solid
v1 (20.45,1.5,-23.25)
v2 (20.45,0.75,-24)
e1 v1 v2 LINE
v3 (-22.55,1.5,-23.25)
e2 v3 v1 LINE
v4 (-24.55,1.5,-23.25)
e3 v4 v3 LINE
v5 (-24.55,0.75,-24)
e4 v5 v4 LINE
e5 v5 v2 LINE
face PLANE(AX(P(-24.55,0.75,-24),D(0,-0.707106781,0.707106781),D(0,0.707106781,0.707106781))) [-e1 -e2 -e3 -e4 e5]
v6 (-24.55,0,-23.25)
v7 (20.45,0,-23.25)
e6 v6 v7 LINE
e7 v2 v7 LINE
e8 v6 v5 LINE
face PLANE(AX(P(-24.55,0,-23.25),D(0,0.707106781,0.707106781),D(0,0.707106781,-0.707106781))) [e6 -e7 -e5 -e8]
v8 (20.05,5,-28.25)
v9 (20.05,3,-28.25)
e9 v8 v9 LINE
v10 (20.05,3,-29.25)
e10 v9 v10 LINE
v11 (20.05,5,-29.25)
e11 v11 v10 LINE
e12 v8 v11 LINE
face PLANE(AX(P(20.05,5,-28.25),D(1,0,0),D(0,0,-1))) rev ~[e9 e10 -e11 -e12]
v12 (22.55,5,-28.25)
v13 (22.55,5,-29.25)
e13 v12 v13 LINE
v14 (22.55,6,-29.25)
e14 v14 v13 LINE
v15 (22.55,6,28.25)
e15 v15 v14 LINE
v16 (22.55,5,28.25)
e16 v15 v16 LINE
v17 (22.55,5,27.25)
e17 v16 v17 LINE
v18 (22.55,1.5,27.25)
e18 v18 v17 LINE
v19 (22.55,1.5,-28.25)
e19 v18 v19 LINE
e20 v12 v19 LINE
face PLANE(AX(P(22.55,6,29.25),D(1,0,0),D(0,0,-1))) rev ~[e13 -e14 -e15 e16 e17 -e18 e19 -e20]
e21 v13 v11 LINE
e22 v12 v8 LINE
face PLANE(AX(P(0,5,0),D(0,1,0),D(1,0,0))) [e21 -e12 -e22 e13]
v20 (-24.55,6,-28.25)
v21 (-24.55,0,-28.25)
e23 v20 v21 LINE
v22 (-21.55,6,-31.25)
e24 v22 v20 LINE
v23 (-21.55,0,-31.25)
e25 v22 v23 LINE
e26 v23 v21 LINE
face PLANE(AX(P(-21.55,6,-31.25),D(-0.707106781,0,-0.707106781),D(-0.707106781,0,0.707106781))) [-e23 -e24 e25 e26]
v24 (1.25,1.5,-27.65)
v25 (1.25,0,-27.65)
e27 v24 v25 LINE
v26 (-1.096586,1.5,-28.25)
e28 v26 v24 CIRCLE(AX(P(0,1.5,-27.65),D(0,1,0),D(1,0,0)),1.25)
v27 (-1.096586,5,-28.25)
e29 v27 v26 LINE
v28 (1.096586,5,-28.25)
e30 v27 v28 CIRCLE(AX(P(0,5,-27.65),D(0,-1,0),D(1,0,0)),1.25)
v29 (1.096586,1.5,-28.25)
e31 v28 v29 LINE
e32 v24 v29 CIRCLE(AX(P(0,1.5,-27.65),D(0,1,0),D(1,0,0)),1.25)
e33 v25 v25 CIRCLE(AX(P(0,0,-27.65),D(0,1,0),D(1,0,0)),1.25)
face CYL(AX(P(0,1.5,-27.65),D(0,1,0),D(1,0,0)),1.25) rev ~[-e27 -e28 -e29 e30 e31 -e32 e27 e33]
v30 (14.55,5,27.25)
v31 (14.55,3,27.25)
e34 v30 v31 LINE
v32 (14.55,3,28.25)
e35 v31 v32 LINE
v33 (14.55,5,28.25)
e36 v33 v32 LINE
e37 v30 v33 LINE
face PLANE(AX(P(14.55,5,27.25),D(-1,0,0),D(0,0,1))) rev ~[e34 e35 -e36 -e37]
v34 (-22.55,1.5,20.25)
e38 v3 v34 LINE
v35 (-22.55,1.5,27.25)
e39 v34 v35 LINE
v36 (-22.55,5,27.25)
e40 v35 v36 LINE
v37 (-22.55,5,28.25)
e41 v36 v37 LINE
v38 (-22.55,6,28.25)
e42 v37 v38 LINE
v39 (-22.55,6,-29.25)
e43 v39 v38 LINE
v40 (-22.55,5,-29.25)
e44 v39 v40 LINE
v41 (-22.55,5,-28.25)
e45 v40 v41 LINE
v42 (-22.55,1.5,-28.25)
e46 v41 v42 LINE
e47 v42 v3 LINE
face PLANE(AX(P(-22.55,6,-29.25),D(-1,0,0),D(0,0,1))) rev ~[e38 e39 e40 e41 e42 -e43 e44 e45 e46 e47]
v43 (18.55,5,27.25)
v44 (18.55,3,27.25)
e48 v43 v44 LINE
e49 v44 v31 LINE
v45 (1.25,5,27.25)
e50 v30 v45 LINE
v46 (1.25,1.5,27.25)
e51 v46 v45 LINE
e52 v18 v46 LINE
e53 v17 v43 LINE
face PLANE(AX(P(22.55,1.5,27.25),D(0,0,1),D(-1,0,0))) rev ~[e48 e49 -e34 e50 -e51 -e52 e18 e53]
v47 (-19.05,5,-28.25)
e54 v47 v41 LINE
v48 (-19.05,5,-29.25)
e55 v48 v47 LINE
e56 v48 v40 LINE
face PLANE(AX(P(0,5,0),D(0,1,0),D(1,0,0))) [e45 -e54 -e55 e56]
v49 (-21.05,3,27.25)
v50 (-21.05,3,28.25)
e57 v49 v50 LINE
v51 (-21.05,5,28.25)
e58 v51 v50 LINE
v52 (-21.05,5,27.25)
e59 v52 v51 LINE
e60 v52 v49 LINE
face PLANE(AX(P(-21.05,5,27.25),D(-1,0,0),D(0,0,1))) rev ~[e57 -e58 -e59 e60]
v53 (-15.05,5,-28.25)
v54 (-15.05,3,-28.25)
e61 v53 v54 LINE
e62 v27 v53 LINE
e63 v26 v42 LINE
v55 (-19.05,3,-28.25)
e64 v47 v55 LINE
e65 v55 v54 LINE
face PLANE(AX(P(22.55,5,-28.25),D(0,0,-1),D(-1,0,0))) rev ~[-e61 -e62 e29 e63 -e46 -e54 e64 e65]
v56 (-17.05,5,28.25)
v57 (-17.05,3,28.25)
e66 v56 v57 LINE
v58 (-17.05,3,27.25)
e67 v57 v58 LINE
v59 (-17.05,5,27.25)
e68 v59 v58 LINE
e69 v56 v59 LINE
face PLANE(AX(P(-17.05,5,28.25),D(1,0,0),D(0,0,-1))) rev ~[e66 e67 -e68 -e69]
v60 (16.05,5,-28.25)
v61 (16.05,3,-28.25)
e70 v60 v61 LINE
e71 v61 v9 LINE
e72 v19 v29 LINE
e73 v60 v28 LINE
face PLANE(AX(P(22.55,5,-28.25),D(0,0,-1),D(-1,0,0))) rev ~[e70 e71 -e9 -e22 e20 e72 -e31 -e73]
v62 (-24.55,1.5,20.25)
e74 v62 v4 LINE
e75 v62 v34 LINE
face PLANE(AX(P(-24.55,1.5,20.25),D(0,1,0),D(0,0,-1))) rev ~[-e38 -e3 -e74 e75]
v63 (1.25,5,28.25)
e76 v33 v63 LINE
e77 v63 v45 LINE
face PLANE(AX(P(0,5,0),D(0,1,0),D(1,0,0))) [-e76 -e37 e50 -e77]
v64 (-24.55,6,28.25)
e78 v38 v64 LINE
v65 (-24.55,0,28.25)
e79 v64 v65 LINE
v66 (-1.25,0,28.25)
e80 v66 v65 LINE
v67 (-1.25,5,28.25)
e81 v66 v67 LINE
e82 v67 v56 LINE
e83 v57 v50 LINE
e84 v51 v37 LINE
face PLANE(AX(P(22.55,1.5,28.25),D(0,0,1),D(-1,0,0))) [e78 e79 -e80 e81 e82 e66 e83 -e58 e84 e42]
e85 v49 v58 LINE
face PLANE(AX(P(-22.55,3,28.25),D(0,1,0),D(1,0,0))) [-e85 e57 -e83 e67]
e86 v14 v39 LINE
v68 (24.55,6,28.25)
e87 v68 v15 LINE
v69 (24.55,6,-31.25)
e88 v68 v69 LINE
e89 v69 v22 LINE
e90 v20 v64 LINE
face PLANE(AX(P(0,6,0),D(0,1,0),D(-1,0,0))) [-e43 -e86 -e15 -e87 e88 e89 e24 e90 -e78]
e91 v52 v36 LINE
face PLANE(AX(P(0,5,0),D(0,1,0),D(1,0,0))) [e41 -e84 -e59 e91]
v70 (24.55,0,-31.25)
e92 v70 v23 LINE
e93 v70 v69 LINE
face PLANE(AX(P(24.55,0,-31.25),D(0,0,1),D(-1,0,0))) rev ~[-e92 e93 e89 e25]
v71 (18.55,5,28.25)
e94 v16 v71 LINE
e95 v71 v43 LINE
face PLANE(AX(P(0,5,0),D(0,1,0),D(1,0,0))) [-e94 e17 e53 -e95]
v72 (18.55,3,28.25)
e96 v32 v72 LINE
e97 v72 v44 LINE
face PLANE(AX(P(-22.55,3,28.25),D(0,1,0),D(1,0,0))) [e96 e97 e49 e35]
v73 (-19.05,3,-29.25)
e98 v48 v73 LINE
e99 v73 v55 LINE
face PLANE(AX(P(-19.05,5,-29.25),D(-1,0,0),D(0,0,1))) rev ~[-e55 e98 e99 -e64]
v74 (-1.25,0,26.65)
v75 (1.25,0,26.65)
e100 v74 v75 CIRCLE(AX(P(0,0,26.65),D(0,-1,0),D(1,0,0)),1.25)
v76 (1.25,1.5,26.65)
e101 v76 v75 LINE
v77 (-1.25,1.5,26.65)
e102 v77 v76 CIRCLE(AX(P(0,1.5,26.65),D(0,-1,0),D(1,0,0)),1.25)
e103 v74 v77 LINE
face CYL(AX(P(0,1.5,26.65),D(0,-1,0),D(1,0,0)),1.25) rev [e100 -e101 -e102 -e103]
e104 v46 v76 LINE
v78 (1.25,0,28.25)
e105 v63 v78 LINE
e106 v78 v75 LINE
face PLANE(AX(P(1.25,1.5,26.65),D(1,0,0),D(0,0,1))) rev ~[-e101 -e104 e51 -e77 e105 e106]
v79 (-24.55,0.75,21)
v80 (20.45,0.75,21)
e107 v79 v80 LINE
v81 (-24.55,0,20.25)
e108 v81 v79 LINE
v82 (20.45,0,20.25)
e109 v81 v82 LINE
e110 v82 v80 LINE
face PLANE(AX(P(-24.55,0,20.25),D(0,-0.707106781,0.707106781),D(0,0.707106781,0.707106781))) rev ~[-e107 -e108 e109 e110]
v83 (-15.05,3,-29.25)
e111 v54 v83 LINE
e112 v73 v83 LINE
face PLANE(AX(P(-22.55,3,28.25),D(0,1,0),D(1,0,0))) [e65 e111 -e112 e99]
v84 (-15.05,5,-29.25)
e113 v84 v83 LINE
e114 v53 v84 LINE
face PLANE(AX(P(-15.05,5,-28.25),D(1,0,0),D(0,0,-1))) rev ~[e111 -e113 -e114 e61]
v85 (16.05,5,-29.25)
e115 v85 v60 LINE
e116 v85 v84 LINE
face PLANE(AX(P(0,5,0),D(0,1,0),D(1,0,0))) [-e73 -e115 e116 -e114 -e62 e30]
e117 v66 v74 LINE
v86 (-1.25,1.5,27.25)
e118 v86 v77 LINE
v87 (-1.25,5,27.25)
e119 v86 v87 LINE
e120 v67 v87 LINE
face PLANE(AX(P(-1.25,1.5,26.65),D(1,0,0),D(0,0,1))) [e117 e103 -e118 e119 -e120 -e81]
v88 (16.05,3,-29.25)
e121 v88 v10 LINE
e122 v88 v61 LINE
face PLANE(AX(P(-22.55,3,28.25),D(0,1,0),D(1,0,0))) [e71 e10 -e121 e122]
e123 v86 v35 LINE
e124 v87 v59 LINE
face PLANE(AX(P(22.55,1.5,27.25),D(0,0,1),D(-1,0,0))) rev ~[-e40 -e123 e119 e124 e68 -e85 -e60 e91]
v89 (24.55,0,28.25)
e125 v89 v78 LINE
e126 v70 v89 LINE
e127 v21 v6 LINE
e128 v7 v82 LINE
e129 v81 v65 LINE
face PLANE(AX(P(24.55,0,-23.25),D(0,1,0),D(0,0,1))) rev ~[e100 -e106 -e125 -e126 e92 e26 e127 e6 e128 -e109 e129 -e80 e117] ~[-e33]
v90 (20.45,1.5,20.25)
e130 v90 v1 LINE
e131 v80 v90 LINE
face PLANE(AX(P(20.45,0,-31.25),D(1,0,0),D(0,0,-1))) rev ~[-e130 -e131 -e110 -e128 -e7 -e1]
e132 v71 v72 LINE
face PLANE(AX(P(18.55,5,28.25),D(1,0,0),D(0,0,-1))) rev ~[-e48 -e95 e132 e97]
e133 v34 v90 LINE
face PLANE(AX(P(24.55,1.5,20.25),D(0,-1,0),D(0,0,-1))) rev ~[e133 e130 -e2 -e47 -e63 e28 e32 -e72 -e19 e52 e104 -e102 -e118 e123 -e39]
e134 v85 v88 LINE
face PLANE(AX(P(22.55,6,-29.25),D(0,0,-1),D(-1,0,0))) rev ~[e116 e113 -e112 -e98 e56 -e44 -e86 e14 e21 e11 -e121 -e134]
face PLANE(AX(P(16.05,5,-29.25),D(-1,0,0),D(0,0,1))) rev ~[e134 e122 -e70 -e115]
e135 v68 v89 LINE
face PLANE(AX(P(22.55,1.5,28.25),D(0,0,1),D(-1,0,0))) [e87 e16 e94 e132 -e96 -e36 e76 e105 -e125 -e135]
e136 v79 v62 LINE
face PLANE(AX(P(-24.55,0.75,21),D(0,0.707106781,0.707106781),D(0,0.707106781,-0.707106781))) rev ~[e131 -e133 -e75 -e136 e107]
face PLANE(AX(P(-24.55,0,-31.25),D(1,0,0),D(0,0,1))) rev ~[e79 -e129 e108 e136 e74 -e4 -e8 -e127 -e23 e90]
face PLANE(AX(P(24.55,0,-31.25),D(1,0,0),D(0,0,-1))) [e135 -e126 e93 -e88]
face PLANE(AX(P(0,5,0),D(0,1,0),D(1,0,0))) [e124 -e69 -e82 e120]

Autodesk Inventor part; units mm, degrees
ref_plane "YZ Plane" through (0, 0, 0) normal (1, 0, 0) x (0, 1, 0)
ref_plane "XZ Plane" through (0, 0, 0) normal (0, 1, 0) x (-1, 0, 0)
ref_plane "XY Plane" through (0, 0, 0) normal (0, 0, 1) x (1, 0, 0)
sketch "Sketch1" plane through (0, 0, 0) normal (0, 1, 0) x (-1, 0, 0)
  line L0 (-24.55, -31.25) -> (24.55, -31.25)
  line L1 (24.55, -31.25) -> (24.55, 31.25)
  line L2 (24.55, 31.25) -> (-24.55, 31.25)
  line L3 (-24.55, 31.25) -> (-24.55, -31.25)
  line L4 (-24.55, -31.25) -> (24.55, 31.25) construction
  line L5 (24.55, -31.25) -> (-24.55, 31.25) construction
  point P0 (0, 0)
  dimension "d0" = 62.5
  dimension "d1" = 49.1
extrude "Extrusion1" add sketch "Sketch1" along normal blind 6
sketch "Sketch2" plane through (0, 6, 0) normal (0, 1, 0) x (1, 0, 0)
  line L0 (22.55, 29.25) -> (-22.55, 29.25)
  line L1 (-22.55, 29.25) -> (-22.55, -29.25)
  line L2 (-22.55, -29.25) -> (22.55, -29.25)
  line L3 (22.55, -29.25) -> (22.55, 29.25)
  line L4 (22.55, 29.25) -> (-22.55, -29.25) construction
  line L5 (-22.55, 29.25) -> (22.55, -29.25) construction
  line L6 (-24.55, 31.25) -> (-24.55, -31.25) projected
  line L7 (-24.55, -31.25) -> (24.55, -31.25) projected
  point P0 (0, 0)
  dimension "d4" = 2
  dimension "d5" = 2
extrude "Extrusion2" cut sketch "Sketch2" against normal blind 1
sketch "Sketch3" plane through (0, 5, 0) normal (0, 1, 0) x (1, 0, 0)
  line L0 (22.55, 28.25) -> (-22.55, 28.25)
  line L1 (-22.55, 28.25) -> (-22.55, -28.25)
  line L2 (-22.55, -28.25) -> (22.55, -28.25)
  line L3 (22.55, -28.25) -> (22.55, 28.25)
  line L4 (22.55, 28.25) -> (-22.55, -28.25) construction
  line L5 (-22.55, 28.25) -> (22.55, -28.25) construction
  line L6 (-22.55, 29.25) -> (22.55, 29.25) projected
  line L7 (-22.55, -29.25) -> (-22.55, 29.25) projected
  point P0 (0, 0)
  dimension "d48" = 1
extrude "Extrusion3" cut sketch "Sketch3" against normal blind 3.5
sketch "Sketch9" plane through (0, 6, 0) normal (0, 1, 0) x (1, 0, 0)
  line L0 (24.55, -28.25) -> (-24.55, -28.25)
  line L1 (-24.55, -28.25) -> (-24.55, -31.25)
  line L2 (-24.55, -31.25) -> (24.55, -31.25)
  line L3 (24.55, -31.25) -> (24.55, -28.25)
  line L4 (24.55, -31.25) -> (24.55, 31.25) projected
  line L5 (-22.55, 29.25) -> (22.55, 29.25) projected
  point P0 (0, 0)
  point P1 (-21.55, 29.25)
  point P2 (21.55, 29.25)
  dimension "d36" = 57.5
extrude "Extrusion7" cut sketch "Sketch9" against normal through all
sketch "Sketch10" plane through (0, 1.5, 0) normal (0, 1, 0) x (1, 0, 0)
  line L0 (22.55, -28.25) -> (-22.55, -28.25) projected
  line L1 (-22.55, -28.25) -> (22.55, -28.25)
  line L2 (22.55, -28.25) -> (22.55, -27.25)
  line L3 (22.55, -27.25) -> (-22.55, -27.25)
  line L4 (-22.55, -27.25) -> (-22.55, -28.25)
  point P0 (0, 0)
  point P1 (22.55, -28.25)
  dimension "d39" = 1
extrude "Extrusion8" add sketch "Sketch10" along normal up to surface (3.5 mm away)
sketch "Sketch11" plane through (0, 1.5, 0) normal (0, 1, 0) x (1, 0, 0)
  circle A0 centre (0, 27.65) radius 1.25
  circle A1 centre (0, -26.65) radius 1.25
  line L0 (1.25, -26.65) -> (1.25, -28.25)
  line L1 (-22.55, -28.25) -> (22.55, -28.25) projected
  line L2 (-1.25, -26.65) -> (-1.25, -28.25)
  point P0 (0, 0)
  dimension "d42" = 2.5
  dimension "d43" = 2.5
  dimension "d44" = 54.3
  dimension "d45" = 27.65
extrude "Extrusion9" cut sketch "Sketch11" along normal through all both and the other way through all
sketch "Sketch12" plane through (0, 6, 0) normal (0, 1, 0) x (1, 0, 0)
  line L0 (24.55, 31.25) -> (-24.55, 31.25) projected
  line L1 (-21.55, 31.25) -> (-24.55, 28.25)
  line L2 (-24.55, 31.25) -> (-24.55, -28.25) projected
  point P0 (0, 0)
  dimension "d49" = 3
  dimension "d50" = 3
extrude "Extrusion10" cut sketch "Sketch12" against normal blind 10
sketch "Sketch13" plane through (-22.55, 5, 28.25) normal (0, 1, 0) x (1, 0, 0)
  line L0 (21.3, 0) -> (-2, 0) projected
  line L1 (0, 1) -> (21.3, 1) projected
  line L2 (1.5, 0) -> (5.5, 0)
  line L3 (5.5, 0) -> (5.5, 1)
  line L4 (5.5, 1) -> (1.5, 1)
  line L5 (1.5, 1) -> (1.5, 0)
  line L6 (37.1, 0) -> (41.1, 0)
  line L7 (41.1, 0) -> (41.1, 1)
  line L8 (41.1, 1) -> (37.1, 1)
  line L9 (37.1, 1) -> (37.1, 0)
  line L10 (0, 0) -> (0, 57.5) projected
  line L11 (45.1, 57.5) -> (45.1, 0) projected
  line L12 (0, 56.5) -> (21.4534, 56.5) projected
  line L13 (0, 57.5) -> (45.1, 57.5) projected
  line L14 (3.5, 56.5) -> (7.5, 56.5)
  line L15 (7.5, 56.5) -> (7.5, 57.5)
  line L16 (7.5, 57.5) -> (3.5, 57.5)
  line L17 (3.5, 57.5) -> (3.5, 56.5)
  line L18 (38.6, 56.5) -> (42.6, 56.5)
  line L19 (42.6, 56.5) -> (42.6, 57.5)
  line L20 (42.6, 57.5) -> (38.6, 57.5)
  line L21 (38.6, 57.5) -> (38.6, 56.5)
  point P0 (22.55, 28.25)
  point P1 (38.6, 57)
  point P2 (3.5, 57.5)
  point P3 (7.5, 56.5)
  point P4 (38.6, 57.5)
  point P5 (1.5, 1)
  point P6 (5.5, 0)
  dimension "d53" = 4
  dimension "d54" = 4
  dimension "d55" = 1.5
  dimension "d56" = 4
  dimension "d57" = 3.5
  dimension "d58" = 2.5
  dimension "d59" = 4
  dimension "d60" = 4
extrude "Extrusion11" cut sketch "Sketch13" against normal blind 2 contours L13 L19 L18 L21 | L0 L5 L1 L3 | L17 L13 L15 L12 | L9 L8 L7 L6
sketch "Sketch17" plane through (-24.55, 0, 28.25) normal (-1, 0, 0) x (0, 0, 1)
  line L0 (-56.5, 0) -> (0, 0) projected
  line L1 (-1, 1.5) -> (-56.5, 1.5) projected
  line L2 (-8, 0) -> (-51.5, 0)
  line L3 (-51.5, 0) -> (-51.5, 1.5)
  line L4 (-51.5, 1.5) -> (-8, 1.5)
  line L5 (-8, 1.5) -> (-8, 0)
  line L6 (0, 0) -> (0, 6) projected
  line L7 (-8, 1.5) -> (-6, 1.5)
  line L8 (-8, 0.5) -> (-8, 1.5)
  line L9 (-8, 0) -> (-7.25, 0.75)
  line L10 (-8, 0) -> (-6.9393, 0) construction
  line L11 (-7.25, 0.75) -> (-8, 1.5)
  line L12 (-51.5, 0) -> (-52.25, 0.75)
  line L13 (-51.5, 0) -> (-50.4393, 0) construction
  line L14 (-52.25, 0.75) -> (-51.5, 1.5)
  line L15 (-59.5, 0) -> (-59.5, 6) projected
  line L16 (-8, 0) -> (-51.5, 0)
  line L17 (-51.5, 1.5) -> (-8, 1.5)
  point P0 (-28.25, 0)
  dimension "d69" = 8
  dimension "d72" = 45
  dimension "d73" = 45
  dimension "d75" = 45
  dimension "d76" = 45
  dimension "d77" = 8
extrude "Extrusion13" cut sketch "Sketch17" against normal through all
extrude "Extrusion14" [suppressed]
sketch "Sketch18" plane through (24.55, 0, -31.25) normal (1, 0, 0) x (0, 0, -1)
  line L0 (-7.25, 0.75) -> (-8, 0) projected
  line L1 (-51.5, 0) -> (-59.5, 0) projected
  line L2 (-8, 0) -> (-51.5, 0)
  line L3 (-8, 1.5) -> (-7.25, 0.75) projected
  line L4 (-51.5, 1.5) -> (-8, 1.5) projected
  line L5 (-52.25, 0.75) -> (-51.5, 1.5) projected
  line L6 (-51.5, 0) -> (-52.25, 0.75) projected
  point P0 (-31.25, 0)
extrude "Extrusion15" add sketch "Sketch18" against normal blind 4.1
equation "\"d5\" = d4"
equation "\"d43\" = d42"
equation "\"d50\" = d49"
equation "\"d73\" = d72"
equation "\"d76\" = d75"
properties part number "Digital Module Cover Reversed V3" material "ABS Plastic"
